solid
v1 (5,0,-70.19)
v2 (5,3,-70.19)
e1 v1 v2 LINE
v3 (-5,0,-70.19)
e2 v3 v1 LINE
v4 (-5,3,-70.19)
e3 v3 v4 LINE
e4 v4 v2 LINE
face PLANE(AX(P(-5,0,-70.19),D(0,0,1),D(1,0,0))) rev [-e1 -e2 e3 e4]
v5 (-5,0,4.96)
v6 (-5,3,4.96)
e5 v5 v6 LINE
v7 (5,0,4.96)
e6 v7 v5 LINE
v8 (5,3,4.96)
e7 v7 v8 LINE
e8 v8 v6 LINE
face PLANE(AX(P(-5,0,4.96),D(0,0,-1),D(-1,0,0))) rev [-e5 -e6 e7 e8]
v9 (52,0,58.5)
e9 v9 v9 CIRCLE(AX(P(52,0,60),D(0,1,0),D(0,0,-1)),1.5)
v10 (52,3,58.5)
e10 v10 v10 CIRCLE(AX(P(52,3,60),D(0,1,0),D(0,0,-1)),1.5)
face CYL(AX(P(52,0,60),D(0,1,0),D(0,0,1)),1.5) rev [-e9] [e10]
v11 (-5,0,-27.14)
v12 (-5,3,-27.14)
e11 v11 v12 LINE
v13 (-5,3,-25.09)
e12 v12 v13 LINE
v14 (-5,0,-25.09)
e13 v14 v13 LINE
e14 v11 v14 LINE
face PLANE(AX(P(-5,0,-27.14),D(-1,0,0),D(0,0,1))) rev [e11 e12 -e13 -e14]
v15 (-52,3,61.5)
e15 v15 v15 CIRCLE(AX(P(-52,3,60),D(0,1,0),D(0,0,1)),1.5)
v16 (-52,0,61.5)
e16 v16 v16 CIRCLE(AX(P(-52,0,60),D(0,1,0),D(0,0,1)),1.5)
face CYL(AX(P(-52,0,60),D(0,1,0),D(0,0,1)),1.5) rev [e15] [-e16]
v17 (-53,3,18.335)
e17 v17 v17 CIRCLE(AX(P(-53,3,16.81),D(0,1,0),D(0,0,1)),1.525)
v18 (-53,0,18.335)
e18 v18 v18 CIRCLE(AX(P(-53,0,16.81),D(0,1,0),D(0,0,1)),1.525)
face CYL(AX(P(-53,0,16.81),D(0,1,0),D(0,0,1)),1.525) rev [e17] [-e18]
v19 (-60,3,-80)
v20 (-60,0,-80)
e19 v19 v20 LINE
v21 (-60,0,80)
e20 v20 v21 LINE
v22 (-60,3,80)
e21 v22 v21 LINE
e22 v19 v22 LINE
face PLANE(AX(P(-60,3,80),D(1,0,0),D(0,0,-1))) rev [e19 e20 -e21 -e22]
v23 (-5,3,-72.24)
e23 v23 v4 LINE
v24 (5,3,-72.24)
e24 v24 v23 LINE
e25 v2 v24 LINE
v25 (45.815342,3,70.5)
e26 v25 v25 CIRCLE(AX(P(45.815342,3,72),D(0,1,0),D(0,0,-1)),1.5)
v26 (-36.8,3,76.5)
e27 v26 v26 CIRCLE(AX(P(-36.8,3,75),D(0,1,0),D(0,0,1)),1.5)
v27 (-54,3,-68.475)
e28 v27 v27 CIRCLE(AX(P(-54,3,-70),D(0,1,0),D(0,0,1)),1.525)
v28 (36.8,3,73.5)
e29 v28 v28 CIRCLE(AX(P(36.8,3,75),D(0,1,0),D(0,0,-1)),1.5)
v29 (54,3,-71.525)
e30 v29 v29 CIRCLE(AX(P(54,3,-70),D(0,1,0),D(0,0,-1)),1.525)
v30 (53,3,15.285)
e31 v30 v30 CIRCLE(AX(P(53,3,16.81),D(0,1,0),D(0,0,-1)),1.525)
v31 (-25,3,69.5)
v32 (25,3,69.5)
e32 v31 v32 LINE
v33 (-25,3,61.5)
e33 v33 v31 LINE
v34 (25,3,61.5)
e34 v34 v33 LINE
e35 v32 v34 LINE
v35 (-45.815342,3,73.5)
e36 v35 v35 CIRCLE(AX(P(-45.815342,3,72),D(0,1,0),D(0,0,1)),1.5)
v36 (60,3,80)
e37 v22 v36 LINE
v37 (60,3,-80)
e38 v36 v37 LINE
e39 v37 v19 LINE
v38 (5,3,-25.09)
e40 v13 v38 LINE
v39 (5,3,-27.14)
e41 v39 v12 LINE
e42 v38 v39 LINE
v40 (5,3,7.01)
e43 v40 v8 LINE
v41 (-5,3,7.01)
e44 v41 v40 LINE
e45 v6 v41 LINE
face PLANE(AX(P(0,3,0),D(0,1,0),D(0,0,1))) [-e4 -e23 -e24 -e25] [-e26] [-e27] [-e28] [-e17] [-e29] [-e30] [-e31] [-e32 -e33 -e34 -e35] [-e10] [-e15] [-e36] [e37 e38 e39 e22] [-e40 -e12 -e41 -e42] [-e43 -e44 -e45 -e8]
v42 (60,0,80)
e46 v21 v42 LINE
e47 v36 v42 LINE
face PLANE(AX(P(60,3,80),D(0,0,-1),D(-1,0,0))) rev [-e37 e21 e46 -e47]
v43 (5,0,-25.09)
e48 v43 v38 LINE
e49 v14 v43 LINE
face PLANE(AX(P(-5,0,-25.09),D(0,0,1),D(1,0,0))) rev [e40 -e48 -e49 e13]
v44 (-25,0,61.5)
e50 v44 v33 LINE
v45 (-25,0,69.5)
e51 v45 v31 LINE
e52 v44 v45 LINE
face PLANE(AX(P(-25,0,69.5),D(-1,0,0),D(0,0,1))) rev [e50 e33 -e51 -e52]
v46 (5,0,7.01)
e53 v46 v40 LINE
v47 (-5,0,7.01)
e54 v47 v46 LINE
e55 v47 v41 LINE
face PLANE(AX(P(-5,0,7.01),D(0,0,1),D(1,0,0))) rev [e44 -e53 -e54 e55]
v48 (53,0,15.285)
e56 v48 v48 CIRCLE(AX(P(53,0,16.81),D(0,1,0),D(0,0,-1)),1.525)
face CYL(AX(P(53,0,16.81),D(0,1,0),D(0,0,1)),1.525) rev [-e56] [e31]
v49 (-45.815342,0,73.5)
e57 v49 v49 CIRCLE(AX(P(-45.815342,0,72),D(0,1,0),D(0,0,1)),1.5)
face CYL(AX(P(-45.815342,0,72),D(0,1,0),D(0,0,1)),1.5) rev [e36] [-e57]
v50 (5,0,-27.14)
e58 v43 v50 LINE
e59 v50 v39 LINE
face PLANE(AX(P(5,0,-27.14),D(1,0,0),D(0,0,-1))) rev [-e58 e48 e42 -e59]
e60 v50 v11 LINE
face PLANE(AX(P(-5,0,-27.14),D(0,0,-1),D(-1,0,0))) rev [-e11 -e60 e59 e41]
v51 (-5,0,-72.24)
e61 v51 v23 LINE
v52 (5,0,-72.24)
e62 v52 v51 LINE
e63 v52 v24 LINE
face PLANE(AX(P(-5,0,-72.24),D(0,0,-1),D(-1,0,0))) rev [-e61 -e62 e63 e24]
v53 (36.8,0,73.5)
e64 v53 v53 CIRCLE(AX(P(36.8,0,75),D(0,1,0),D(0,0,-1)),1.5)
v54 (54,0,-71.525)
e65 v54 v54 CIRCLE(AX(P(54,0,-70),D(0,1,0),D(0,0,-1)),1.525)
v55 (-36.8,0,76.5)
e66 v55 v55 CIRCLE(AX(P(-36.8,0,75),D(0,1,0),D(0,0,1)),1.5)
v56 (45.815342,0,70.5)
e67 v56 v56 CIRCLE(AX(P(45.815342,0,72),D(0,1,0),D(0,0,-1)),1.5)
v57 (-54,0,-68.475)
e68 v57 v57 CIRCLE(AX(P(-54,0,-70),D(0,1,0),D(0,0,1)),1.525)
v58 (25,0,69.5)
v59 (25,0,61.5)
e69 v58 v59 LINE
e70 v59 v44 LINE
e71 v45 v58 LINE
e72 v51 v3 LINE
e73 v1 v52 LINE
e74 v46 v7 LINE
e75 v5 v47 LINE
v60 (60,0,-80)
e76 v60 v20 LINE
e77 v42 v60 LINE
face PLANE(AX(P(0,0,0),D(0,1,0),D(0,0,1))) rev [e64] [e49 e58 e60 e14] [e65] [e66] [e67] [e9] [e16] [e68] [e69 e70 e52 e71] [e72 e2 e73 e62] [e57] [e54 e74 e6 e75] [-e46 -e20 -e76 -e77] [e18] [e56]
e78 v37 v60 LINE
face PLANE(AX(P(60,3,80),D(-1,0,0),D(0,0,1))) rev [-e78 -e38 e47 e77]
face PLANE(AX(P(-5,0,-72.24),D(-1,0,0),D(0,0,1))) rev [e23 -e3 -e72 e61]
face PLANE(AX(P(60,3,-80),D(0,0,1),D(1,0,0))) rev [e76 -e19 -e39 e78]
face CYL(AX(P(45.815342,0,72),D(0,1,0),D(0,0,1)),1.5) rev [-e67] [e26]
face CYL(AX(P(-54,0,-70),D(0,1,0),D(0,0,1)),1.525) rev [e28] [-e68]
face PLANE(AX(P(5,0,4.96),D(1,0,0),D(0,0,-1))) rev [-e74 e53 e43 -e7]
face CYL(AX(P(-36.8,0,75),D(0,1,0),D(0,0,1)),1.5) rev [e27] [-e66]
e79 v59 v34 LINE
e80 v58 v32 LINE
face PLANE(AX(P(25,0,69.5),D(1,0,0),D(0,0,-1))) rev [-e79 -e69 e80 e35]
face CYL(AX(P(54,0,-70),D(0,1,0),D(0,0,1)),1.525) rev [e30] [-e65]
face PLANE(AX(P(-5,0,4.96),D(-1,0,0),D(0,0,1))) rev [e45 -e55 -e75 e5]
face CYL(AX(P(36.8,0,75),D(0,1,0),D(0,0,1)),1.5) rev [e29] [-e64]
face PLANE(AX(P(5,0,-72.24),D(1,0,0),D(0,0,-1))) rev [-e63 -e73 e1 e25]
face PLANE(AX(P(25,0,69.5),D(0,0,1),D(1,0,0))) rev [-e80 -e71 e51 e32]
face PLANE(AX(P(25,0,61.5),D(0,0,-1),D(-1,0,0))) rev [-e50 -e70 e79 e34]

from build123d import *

# Parameters (mm, degrees)
SKETCH1_W           = 120
SKETCH1_H           = 160
BOSS_EXTRUDE1_DEPTH = 3
SKETCH2_R           = 1.525
CUT_EXTRUDE1_DEPTH  = 101.04498988
SKETCH3_W           = 10
SKETCH3_H           = 2.05
CUT_EXTRUDE2_DEPTH  = 101.04498988
SKETCH4_R           = 1.5
CUT_EXTRUDE3_DEPTH  = 3
SKETCH5_R           = 1.5
SKETCH5_W           = 50
SKETCH5_H           = 8
CUT_EXTRUDE4_DEPTH  = 3


with BuildPart() as part:
    # Sketch1 → Boss-Extrude1 (new body)
    with BuildSketch(Plane(origin=(0, 0, 0), x_dir=(1, 0, 0), z_dir=(0, 1, 0))):
        Rectangle(SKETCH1_W, SKETCH1_H)
    extrude(amount=BOSS_EXTRUDE1_DEPTH)

    # Sketch2 → Cut-Extrude1 (cut, through all)
    with BuildSketch(Plane(origin=(0, 3, 0), x_dir=(1, 0, 0), z_dir=(0, 1, 0))):
        with Locations(Location((-53, -16.81, 0), (0, 0, 270))):
            Circle(SKETCH2_R)
        with Locations(Location((-54, 70, 0), (0, 0, 270))):
            Circle(SKETCH2_R)
        with Locations(Location((53, -16.81, 0), (0, 0, 90))):
            Circle(SKETCH2_R)
        with Locations(Location((54, 70, 0), (0, 0, 90))):
            Circle(SKETCH2_R)
    extrude(amount=-CUT_EXTRUDE1_DEPTH, mode=Mode.SUBTRACT)

    # Sketch3 → Cut-Extrude2 (cut, through all)
    with BuildSketch(Plane(origin=(0, 3, 0), x_dir=(1, 0, 0), z_dir=(0, 1, 0))):
        with Locations((0, 26.115)):
            Rectangle(SKETCH3_W, SKETCH3_H)
        with Locations((0, -5.985)):
            Rectangle(SKETCH3_W, SKETCH3_H)
        with Locations((0, 71.215)):
            Rectangle(SKETCH3_W, SKETCH3_H)
    extrude(amount=-CUT_EXTRUDE2_DEPTH, mode=Mode.SUBTRACT)

    # Sketch4 → Cut-Extrude3 (cut)
    with BuildSketch(Plane(origin=(0, 3, 0), x_dir=(1, 0, 0), z_dir=(0, 1, 0))):
        with Locations(Location((-52, -60, 0), (0, 0, 270))):
            Circle(SKETCH4_R)
        with Locations(Location((-45.815341562, -72, 0), (0, 0, 270))):
            Circle(SKETCH4_R)
        with Locations(Location((45.815341562, -72, 0), (0, 0, 90))):
            Circle(SKETCH4_R)
        with Locations(Location((52, -60, 0), (0, 0, 90))):
            Circle(SKETCH4_R)
    extrude(amount=-CUT_EXTRUDE3_DEPTH, mode=Mode.SUBTRACT)

    # Sketch5 → Cut-Extrude4 (cut)
    with BuildSketch(Plane(origin=(0, 3, 0), x_dir=(1, 0, 0), z_dir=(0, 1, 0))):
        with Locations(Location((-36.8, -75, 0), (0, 0, 270))):
            Circle(SKETCH5_R)
        with Locations(Location((36.8, -75, 0), (0, 0, 90))):
            Circle(SKETCH5_R)
        with Locations((0, -65.5)):
            Rectangle(SKETCH5_W, SKETCH5_H)
    extrude(amount=-CUT_EXTRUDE4_DEPTH, mode=Mode.SUBTRACT)


solid = part.part
